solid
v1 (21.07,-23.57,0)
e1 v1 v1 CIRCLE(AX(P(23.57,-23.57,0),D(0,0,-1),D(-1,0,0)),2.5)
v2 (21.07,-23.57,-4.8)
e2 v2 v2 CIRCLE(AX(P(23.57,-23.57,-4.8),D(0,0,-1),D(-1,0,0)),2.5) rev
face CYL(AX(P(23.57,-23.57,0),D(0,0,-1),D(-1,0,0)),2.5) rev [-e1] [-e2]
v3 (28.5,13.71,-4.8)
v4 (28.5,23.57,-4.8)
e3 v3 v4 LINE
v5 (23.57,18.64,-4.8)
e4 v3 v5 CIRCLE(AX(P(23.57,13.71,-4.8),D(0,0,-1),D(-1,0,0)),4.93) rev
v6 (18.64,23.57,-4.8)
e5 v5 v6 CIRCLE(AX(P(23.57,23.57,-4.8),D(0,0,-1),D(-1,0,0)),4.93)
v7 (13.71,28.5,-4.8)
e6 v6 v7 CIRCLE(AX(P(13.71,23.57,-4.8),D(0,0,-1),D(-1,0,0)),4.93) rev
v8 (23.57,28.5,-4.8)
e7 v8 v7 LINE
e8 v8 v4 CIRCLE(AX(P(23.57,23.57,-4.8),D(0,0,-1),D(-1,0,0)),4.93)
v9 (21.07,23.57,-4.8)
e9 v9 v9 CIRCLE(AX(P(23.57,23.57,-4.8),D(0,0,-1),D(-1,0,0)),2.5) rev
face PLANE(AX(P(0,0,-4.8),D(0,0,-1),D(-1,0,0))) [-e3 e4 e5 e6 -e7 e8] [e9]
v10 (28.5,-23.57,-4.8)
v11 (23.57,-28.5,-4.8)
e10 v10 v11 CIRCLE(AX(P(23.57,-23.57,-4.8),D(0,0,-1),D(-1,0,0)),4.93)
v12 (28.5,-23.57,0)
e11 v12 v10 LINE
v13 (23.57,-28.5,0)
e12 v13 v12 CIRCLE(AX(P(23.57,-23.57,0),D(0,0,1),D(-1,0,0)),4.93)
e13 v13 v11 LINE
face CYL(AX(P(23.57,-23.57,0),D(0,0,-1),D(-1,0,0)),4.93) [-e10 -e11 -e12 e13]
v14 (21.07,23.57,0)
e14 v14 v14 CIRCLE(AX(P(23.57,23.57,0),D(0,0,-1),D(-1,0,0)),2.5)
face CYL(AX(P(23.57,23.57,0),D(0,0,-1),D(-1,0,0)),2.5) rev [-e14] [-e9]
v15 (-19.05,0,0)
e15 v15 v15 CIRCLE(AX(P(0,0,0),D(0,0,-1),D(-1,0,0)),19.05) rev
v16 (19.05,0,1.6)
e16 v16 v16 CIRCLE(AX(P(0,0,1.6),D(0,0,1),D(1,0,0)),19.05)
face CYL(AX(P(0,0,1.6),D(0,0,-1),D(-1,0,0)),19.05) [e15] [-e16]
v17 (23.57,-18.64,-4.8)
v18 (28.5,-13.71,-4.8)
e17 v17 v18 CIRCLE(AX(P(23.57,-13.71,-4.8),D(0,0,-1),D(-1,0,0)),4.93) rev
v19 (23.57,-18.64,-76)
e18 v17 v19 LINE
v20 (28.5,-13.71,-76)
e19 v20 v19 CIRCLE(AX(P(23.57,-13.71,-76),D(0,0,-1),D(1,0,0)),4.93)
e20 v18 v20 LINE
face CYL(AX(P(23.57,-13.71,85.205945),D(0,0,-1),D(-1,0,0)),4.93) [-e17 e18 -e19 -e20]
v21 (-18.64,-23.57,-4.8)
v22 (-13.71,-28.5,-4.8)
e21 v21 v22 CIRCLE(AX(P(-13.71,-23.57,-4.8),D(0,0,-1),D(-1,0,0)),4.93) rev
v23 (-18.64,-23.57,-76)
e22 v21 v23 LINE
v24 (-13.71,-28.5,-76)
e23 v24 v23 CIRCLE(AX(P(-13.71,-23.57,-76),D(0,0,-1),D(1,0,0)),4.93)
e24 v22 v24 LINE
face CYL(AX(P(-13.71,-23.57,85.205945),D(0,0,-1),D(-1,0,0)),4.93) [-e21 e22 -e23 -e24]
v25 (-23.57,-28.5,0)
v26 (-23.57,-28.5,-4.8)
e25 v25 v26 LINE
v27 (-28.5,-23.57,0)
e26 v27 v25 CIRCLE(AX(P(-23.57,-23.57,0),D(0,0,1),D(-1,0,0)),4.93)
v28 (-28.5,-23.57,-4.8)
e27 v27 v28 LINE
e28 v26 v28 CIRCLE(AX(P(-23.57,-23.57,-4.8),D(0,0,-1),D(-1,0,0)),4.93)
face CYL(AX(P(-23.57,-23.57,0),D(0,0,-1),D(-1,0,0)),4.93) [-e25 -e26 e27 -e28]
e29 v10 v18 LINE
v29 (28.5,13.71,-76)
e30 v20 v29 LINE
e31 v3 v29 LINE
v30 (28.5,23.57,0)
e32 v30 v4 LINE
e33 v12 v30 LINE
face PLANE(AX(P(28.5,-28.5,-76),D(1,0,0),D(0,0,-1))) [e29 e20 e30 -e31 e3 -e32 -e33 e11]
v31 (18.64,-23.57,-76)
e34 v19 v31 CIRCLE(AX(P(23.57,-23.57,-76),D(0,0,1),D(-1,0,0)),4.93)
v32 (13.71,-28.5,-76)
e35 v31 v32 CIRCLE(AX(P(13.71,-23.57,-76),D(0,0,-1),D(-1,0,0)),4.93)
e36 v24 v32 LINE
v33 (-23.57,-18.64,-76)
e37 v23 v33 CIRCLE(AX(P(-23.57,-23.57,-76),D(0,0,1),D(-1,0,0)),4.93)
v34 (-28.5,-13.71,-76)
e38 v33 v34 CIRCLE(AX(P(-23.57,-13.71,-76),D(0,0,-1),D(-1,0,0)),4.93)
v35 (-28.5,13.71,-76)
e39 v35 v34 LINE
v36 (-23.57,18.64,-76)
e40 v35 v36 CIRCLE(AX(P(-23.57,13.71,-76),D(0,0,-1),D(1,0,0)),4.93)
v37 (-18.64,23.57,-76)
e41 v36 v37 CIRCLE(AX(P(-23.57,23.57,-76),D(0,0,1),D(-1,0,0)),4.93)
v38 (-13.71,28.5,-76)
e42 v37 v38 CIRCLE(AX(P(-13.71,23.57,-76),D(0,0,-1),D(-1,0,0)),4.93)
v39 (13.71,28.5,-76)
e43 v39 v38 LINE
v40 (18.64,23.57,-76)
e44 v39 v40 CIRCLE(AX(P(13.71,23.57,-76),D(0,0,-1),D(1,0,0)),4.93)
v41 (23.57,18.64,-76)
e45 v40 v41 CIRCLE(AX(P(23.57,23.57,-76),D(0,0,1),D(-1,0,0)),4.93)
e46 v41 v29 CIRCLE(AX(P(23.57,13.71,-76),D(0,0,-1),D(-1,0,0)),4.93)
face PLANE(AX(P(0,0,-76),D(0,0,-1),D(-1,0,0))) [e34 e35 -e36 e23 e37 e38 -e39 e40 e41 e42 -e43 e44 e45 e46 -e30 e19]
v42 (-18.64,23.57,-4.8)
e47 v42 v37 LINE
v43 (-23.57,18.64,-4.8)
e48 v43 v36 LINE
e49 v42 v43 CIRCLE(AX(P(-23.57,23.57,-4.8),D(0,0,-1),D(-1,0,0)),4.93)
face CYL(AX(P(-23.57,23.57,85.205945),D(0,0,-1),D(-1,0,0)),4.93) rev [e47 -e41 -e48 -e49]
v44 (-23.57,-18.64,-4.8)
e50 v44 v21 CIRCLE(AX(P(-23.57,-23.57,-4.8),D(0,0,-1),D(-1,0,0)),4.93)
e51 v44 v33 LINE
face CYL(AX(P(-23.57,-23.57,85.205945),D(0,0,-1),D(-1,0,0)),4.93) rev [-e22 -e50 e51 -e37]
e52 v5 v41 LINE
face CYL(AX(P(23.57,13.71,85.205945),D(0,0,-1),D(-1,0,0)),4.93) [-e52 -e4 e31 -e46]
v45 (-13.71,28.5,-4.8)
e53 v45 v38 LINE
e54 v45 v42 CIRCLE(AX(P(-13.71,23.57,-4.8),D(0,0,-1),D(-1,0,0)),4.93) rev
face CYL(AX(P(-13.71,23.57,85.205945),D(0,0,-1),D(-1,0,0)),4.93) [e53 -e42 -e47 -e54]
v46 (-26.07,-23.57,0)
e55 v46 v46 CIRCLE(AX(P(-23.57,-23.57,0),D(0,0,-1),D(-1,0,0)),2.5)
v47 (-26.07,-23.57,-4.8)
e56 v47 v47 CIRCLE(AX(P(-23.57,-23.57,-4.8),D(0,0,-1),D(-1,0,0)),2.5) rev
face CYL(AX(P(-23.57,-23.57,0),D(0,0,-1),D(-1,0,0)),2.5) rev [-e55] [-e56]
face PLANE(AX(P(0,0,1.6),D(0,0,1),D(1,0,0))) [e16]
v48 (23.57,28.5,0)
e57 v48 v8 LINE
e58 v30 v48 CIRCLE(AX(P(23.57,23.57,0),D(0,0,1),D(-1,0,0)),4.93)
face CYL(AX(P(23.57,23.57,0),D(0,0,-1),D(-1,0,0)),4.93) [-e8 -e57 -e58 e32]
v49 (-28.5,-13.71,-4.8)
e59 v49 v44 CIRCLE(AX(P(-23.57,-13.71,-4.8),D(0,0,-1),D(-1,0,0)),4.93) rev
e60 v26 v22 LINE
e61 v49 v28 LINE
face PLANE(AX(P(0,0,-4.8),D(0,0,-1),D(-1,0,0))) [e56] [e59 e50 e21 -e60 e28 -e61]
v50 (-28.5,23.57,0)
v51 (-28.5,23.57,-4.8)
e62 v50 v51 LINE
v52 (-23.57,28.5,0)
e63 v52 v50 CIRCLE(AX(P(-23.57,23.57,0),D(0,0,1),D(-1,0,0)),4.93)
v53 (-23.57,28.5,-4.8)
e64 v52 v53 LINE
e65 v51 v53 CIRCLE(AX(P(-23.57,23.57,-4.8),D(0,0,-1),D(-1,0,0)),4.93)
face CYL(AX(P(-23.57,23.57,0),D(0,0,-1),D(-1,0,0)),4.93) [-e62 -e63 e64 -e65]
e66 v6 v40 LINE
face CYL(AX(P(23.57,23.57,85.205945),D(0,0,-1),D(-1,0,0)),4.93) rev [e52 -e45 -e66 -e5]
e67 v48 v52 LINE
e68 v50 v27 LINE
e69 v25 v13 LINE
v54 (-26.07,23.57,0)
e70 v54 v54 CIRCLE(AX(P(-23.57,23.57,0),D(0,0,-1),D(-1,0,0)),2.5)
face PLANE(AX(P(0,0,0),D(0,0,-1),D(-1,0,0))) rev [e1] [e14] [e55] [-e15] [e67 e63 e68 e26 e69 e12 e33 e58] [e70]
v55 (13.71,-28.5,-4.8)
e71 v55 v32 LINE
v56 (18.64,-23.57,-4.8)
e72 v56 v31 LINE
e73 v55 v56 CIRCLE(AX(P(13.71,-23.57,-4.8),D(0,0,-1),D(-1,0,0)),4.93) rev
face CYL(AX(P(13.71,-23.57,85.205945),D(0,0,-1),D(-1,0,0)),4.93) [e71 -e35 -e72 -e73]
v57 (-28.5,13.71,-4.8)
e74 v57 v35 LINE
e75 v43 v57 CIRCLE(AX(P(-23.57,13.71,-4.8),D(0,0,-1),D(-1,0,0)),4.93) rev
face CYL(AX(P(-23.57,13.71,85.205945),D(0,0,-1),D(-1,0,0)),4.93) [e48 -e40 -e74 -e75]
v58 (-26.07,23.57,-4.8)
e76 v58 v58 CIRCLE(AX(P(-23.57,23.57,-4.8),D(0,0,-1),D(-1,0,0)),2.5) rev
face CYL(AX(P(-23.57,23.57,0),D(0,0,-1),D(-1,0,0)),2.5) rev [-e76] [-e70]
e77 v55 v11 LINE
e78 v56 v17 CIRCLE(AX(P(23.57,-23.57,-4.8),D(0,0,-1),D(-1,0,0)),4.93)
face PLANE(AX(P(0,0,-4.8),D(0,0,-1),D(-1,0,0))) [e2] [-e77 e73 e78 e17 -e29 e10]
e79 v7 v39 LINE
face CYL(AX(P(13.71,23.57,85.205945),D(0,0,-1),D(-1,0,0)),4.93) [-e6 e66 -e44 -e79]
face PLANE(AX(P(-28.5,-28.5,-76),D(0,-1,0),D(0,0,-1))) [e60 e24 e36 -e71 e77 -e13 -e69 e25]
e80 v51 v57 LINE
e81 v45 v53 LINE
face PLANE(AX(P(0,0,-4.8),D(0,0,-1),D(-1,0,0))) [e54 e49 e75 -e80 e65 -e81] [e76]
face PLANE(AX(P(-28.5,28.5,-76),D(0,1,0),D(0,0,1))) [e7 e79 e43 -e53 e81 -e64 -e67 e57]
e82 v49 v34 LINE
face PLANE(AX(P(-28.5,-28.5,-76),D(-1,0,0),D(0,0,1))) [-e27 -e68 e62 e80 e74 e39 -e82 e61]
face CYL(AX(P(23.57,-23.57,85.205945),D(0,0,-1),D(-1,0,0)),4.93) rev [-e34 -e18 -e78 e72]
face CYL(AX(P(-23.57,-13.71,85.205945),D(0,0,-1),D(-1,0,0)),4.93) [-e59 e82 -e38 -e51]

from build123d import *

# Parameters (mm, degrees)
SKETCH1_W           = 57
SKETCH1_H           = 57
BOSS_EXTRUDE1_DEPTH = 76
SKETCH3_R           = 2.5
CUT_EXTRUDE1_DEPTH  = 77
CUT_EXTRUDE2_DEPTH  = 77
SKETCH5_OUTSIDE_W   = 81.158
SKETCH5_OUTSIDE_H   = 81.158
CUT_EXTRUDE3_DEPTH  = 71.2
SKETCH6_R           = 19.05
BOSS_EXTRUDE2_DEPTH = 1.6


with BuildPart() as part:
    # Sketch1 → Boss-Extrude1 (new body)
    with BuildSketch(Plane.XY):
        Rectangle(SKETCH1_W, SKETCH1_H)
    extrude(amount=-BOSS_EXTRUDE1_DEPTH)

    # Sketch3 → Cut-Extrude1 (cut, through all)
    with BuildSketch(Plane(origin=(0, 0, -76), x_dir=(-1, 0, 0), z_dir=(0, 0, -1))):
        with Locations((-23.57, 23.57)):
            Circle(SKETCH3_R)
        with Locations((-23.57, -23.57)):
            Circle(SKETCH3_R)
        with Locations((23.57, 23.57)):
            Circle(SKETCH3_R)
        with Locations((23.57, -23.57)):
            Circle(SKETCH3_R)
    extrude(amount=-CUT_EXTRUDE1_DEPTH, mode=Mode.SUBTRACT)

    # Sketch4 → Cut-Extrude2 (cut, through all)
    with BuildSketch(Plane(origin=(0, 0, -76), x_dir=(-1, 0, 0), z_dir=(0, 0, -1))):
        with BuildLine():
            Line((-28.5, 23.57), (-28.5, 28.5))
            Line((-28.5, 28.5), (-23.57, 28.5))
            ThreePointArc((-23.57, 28.5), (-27.056036431, 27.056036431), (-28.5, 23.57))
        make_face()
        with BuildLine():
            Line((23.57, 28.5), (28.5, 28.5))
            Line((28.5, 28.5), (28.5, 23.57))
            ThreePointArc((28.5, 23.57), (27.056036431, 27.056036431), (23.57, 28.5))
        make_face()
        with BuildLine():
            Line((-28.5, -23.57), (-28.5, -28.5))
            Line((-28.5, -28.5), (-23.57, -28.5))
            ThreePointArc((-23.57, -28.5), (-27.056036431, -27.056036431), (-28.5, -23.57))
        make_face()
        with BuildLine():
            Line((23.57, -28.5), (28.5, -28.5))
            Line((28.5, -28.5), (28.5, -23.57))
            ThreePointArc((28.5, -23.57), (27.056036431, -27.056036431), (23.57, -28.5))
        make_face()
    extrude(amount=-CUT_EXTRUDE2_DEPTH, mode=Mode.SUBTRACT)

    # Sketch5 outside → Cut-Extrude3 (cut)
    with BuildSketch(Plane(origin=(0, 0, -76), x_dir=(-1, 0, 0), z_dir=(0, 0, -1))):
        Rectangle(SKETCH5_OUTSIDE_W, SKETCH5_OUTSIDE_H)
        with BuildLine():
            Line((-28.5, 13.71), (-28.5, -13.71))
            ThreePointArc((-28.5, -13.71), (-27.056036431, -17.196036431), (-23.57, -18.64))
            ThreePointArc((-23.57, -18.64), (-20.083963569, -20.083963569), (-18.64, -23.57))
            ThreePointArc((-18.64, -23.57), (-17.196036431, -27.056036431), (-13.71, -28.5))
            Line((-13.71, -28.5), (13.71, -28.5))
            ThreePointArc((13.71, -28.5), (17.196036431, -27.056036431), (18.64, -23.57))
            ThreePointArc((18.64, -23.57), (20.083963569, -20.083963569), (23.57, -18.64))
            ThreePointArc((23.57, -18.64), (27.056036431, -17.196036431), (28.5, -13.71))
            Line((28.5, -13.71), (28.5, 13.71))
            ThreePointArc((28.5, 13.71), (27.056036431, 17.196036431), (23.57, 18.64))
            ThreePointArc((23.57, 18.64), (20.083963569, 20.083963569), (18.64, 23.57))
            ThreePointArc((18.64, 23.57), (17.196036431, 27.056036431), (13.71, 28.5))
            Line((13.71, 28.5), (-13.71, 28.5))
            ThreePointArc((-13.71, 28.5), (-17.196036431, 27.056036431), (-18.64, 23.57))
            ThreePointArc((-18.64, 23.57), (-20.083963569, 20.083963569), (-23.57, 18.64))
            ThreePointArc((-23.57, 18.64), (-27.056036431, 17.196036431), (-28.5, 13.71))
        make_face(mode=Mode.SUBTRACT)
    extrude(amount=-CUT_EXTRUDE3_DEPTH, mode=Mode.SUBTRACT)

    # Sketch6 → Boss-Extrude2 (add)
    with BuildSketch(Plane.XY):
        Circle(SKETCH6_R)
    extrude(amount=BOSS_EXTRUDE2_DEPTH)


solid = part.part
